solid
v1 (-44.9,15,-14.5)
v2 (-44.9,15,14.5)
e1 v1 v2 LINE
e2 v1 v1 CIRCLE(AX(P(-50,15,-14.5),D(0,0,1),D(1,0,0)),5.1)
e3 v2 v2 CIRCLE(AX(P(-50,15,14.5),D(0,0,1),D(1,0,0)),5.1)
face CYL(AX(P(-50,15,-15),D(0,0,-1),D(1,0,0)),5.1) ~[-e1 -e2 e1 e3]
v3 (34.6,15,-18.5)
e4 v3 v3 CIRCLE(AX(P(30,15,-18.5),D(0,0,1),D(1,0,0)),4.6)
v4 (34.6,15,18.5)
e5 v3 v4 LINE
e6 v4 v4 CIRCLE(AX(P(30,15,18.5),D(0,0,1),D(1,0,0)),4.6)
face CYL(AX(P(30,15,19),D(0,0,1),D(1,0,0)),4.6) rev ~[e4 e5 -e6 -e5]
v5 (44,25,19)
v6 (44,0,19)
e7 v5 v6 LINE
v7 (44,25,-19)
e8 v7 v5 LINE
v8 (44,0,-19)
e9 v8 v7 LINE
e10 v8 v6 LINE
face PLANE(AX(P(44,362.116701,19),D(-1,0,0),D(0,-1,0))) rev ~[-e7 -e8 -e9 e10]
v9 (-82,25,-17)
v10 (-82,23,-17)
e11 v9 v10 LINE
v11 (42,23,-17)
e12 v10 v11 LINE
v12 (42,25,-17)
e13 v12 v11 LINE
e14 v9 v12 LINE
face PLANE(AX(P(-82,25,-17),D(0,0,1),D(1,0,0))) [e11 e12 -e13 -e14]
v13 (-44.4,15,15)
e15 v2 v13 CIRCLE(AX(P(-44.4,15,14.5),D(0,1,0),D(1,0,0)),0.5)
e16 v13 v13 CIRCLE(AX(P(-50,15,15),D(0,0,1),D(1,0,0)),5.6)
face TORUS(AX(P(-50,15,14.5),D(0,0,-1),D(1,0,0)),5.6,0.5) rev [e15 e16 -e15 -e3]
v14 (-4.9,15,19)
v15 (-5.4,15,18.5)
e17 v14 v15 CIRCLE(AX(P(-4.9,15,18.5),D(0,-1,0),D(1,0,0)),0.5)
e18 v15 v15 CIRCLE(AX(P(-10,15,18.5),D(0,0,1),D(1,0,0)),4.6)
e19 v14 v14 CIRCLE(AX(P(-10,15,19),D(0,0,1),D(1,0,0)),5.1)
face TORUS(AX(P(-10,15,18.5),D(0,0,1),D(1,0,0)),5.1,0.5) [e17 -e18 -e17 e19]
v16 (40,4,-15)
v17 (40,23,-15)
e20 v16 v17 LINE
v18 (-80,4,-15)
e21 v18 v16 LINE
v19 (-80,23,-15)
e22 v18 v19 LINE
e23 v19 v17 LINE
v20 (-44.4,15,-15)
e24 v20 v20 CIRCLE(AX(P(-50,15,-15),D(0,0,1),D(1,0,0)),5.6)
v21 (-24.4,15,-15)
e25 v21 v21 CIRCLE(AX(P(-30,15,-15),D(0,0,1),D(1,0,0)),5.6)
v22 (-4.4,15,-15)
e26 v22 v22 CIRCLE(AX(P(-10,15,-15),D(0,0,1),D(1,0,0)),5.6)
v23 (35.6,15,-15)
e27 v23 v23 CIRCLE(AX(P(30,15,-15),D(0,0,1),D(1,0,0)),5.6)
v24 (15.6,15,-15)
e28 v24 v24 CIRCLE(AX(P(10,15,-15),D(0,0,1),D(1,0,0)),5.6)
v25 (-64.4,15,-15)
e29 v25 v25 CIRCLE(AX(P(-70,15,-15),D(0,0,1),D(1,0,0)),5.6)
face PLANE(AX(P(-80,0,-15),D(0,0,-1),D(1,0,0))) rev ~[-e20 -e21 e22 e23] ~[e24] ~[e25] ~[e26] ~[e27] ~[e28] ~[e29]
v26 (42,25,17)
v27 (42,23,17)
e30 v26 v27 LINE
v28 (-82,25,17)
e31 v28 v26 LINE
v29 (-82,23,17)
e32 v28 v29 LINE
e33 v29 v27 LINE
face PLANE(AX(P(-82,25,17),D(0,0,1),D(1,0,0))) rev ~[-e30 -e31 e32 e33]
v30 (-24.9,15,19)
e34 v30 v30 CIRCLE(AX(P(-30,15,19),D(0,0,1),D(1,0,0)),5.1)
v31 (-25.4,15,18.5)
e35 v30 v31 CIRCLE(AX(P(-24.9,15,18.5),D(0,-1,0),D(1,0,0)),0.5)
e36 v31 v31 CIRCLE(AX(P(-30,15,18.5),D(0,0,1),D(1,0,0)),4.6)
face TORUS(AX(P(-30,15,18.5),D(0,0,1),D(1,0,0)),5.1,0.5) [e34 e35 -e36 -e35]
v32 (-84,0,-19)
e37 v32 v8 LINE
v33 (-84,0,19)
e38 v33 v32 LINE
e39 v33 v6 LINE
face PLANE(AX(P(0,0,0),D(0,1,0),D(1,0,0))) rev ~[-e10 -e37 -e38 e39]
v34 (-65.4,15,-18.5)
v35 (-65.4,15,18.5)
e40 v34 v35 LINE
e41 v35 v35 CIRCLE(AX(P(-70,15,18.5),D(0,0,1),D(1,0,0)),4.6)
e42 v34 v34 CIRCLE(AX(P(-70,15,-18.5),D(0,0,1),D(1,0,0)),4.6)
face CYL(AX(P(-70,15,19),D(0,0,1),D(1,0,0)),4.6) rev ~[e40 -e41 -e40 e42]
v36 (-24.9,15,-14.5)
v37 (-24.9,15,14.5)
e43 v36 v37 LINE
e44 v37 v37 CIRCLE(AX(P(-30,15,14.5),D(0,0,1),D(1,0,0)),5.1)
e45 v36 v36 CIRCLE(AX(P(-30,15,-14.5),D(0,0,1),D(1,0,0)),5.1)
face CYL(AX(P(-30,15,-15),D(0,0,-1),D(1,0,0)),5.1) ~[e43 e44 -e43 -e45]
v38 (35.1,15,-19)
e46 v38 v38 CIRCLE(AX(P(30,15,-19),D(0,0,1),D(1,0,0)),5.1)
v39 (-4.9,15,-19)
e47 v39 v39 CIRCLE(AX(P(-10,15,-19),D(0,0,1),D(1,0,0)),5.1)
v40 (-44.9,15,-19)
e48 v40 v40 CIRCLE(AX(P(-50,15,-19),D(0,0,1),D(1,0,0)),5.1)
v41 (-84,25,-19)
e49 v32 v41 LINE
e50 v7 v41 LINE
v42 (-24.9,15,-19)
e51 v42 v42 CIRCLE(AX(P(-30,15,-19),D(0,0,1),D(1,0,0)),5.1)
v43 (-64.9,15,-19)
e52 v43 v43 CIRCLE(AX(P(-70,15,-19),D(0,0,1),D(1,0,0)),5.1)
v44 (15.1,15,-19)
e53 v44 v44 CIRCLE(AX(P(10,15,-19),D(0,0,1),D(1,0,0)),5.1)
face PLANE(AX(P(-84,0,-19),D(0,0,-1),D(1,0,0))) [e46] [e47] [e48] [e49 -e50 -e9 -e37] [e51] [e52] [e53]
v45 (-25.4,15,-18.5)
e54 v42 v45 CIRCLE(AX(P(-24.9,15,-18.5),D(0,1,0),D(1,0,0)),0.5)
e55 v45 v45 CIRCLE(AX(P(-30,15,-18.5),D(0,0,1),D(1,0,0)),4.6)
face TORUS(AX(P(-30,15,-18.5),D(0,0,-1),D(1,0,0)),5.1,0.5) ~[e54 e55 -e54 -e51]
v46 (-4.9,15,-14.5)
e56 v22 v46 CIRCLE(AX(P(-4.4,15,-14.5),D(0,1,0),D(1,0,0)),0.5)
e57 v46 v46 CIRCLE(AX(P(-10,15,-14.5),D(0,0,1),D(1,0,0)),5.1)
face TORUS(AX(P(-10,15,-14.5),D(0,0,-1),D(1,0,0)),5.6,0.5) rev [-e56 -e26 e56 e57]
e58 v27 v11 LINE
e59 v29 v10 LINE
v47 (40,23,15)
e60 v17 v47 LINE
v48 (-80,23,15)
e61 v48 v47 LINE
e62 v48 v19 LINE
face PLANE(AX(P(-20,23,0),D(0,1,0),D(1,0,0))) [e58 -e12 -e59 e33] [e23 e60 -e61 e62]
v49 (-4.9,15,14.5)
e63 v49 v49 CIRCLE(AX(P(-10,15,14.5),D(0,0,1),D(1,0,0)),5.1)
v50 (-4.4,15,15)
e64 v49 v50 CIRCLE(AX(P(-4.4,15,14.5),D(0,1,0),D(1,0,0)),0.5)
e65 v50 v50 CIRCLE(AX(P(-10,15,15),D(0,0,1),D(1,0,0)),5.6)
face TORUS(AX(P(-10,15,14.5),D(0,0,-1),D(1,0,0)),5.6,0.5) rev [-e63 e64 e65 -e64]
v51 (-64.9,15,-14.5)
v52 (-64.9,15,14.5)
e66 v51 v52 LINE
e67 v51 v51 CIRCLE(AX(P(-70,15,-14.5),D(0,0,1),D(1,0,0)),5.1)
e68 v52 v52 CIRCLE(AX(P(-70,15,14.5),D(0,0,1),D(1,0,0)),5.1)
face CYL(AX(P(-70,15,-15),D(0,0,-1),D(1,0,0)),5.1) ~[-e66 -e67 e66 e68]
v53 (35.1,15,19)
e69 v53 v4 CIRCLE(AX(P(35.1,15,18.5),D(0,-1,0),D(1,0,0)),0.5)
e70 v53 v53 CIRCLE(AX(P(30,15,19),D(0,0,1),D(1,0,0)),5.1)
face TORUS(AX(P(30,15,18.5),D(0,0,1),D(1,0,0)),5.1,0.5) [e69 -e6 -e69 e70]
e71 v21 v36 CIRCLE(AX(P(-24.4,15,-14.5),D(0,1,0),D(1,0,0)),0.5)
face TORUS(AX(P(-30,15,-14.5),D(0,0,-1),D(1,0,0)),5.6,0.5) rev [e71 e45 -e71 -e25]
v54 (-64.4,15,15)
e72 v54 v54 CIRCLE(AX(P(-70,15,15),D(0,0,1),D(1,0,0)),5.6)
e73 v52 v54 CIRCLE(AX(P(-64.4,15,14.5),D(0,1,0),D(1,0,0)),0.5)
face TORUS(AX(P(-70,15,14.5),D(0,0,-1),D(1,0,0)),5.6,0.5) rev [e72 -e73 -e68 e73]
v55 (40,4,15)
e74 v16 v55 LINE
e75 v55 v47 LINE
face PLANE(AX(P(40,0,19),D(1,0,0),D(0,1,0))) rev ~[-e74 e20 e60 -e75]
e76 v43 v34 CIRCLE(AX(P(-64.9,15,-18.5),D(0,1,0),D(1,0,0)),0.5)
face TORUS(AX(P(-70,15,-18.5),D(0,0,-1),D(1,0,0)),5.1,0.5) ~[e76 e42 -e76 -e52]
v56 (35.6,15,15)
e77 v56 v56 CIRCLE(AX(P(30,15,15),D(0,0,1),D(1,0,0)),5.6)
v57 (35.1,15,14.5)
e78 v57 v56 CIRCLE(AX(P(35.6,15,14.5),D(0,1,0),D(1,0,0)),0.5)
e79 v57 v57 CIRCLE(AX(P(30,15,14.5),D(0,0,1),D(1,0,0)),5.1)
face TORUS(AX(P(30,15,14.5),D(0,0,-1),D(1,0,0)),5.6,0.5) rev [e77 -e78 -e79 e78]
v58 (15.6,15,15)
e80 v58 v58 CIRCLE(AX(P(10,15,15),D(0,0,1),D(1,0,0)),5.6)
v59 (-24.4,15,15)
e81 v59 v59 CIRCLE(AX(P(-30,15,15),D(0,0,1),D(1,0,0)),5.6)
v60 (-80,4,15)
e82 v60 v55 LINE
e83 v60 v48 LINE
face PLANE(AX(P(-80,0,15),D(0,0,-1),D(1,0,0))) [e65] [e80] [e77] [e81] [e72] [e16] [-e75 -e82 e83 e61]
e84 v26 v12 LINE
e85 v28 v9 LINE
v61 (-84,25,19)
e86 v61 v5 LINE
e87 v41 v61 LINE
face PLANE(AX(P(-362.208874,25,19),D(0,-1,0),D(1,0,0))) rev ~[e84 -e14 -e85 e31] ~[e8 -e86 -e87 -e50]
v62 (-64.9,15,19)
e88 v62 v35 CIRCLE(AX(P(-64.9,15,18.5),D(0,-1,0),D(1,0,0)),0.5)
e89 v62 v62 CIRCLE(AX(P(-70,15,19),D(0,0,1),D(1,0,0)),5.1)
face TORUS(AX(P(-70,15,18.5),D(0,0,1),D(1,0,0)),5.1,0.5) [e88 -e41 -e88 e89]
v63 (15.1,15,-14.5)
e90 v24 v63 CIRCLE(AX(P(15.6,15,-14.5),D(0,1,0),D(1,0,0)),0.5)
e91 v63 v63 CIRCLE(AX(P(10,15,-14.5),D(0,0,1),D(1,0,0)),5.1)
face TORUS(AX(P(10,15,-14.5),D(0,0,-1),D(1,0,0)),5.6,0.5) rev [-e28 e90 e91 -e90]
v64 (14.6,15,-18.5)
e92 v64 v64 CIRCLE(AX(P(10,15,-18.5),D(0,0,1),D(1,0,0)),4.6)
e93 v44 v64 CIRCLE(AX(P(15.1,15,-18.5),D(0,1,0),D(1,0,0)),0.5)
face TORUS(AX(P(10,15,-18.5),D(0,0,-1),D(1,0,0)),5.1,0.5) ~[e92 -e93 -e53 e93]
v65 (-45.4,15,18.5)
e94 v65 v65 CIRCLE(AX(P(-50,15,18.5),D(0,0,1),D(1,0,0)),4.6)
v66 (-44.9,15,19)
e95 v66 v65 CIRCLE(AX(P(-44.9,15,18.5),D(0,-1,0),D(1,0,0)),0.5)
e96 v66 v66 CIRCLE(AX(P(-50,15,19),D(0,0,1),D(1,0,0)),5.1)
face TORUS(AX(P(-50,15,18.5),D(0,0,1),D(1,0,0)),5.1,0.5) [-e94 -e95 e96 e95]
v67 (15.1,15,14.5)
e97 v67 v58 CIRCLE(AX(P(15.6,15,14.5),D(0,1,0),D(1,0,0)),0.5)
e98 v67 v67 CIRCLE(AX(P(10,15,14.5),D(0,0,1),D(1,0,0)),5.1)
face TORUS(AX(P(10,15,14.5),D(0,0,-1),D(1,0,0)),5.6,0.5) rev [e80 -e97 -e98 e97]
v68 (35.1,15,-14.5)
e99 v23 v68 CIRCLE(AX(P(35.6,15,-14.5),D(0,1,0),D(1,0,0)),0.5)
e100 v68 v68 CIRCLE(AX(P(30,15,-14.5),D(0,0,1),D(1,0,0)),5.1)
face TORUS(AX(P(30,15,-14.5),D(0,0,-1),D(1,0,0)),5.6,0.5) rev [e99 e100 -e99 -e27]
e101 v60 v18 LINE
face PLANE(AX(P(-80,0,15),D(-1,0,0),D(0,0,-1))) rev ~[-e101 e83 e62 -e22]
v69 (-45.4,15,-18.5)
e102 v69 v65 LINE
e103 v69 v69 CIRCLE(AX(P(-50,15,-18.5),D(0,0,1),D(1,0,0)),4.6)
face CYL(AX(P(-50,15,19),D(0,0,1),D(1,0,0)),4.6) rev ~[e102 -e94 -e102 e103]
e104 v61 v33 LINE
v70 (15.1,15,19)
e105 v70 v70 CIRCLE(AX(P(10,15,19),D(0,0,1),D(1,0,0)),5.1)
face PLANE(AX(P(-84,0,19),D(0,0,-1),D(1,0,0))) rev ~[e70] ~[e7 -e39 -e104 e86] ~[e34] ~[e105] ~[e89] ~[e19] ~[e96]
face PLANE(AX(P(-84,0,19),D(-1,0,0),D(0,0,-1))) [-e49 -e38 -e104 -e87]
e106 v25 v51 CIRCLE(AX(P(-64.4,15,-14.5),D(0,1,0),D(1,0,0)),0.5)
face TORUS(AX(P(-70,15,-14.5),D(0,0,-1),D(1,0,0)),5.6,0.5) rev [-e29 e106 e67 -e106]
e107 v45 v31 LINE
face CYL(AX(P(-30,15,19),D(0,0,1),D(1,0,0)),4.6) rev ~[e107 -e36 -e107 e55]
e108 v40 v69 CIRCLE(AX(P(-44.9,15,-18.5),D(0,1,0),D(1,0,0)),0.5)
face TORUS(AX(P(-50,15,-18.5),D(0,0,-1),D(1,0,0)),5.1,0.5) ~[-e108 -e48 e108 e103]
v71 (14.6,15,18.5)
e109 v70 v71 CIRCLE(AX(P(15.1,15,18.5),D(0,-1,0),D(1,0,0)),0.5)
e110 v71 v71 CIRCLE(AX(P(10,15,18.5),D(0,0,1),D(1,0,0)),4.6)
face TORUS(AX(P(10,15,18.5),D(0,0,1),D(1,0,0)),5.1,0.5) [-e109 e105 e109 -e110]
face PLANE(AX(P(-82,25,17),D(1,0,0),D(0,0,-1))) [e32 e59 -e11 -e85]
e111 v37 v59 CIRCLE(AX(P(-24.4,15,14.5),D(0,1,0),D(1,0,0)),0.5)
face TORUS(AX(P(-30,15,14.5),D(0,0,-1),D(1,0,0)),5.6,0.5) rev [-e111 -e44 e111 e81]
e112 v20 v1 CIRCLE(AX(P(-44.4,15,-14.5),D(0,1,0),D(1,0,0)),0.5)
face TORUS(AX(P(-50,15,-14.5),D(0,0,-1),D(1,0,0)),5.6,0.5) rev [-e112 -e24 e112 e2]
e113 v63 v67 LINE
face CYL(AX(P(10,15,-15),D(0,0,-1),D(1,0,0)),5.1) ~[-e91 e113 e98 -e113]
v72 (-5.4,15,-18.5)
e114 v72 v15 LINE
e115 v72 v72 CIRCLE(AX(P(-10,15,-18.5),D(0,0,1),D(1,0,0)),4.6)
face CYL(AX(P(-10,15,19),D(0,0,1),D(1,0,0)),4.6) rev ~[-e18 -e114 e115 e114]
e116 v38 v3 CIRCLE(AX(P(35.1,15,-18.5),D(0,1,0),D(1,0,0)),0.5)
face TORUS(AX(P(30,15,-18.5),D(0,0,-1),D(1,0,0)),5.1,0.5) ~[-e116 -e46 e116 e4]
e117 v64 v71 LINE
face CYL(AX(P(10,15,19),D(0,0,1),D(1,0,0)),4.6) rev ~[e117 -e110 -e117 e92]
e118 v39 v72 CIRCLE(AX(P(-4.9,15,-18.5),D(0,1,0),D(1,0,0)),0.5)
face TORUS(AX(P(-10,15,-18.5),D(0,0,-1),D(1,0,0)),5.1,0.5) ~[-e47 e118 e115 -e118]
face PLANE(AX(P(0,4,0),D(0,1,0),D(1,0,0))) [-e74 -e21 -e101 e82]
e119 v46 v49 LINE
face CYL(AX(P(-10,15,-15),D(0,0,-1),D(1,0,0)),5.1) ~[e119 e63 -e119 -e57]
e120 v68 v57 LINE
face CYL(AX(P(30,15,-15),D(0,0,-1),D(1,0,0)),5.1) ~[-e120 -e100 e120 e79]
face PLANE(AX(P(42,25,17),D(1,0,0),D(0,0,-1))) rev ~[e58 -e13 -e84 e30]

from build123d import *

# Parameters (mm, degrees)
SKETCH1_W               = 160
SKETCH1_H               = 30
BOSS_EXTRUDE1_DEPTH     = 4
SKETCH2_W               = 168
SKETCH2_H               = 38
SKETCH2_W_2             = 160
SKETCH2_H_2             = 30
EXTRUDE_THIN1_DEPTH     = 65
SKETCH4_R               = 4.6
CUT_EXTRUDE1_DEPTH      = 38
EXTRUDE_THIN3_START     = -34
SKETCH5_R               = 5.1
SKETCH5_R_2             = 4.6
EXTRUDE_THIN3_DEPTH     = 30
LPATTERN1_COUNT         = 3
LPATTERN1_PITCH         = 20
BOSS_EXTRUDE2_REACH     = 40
SKETCH7_W               = 4
SKETCH7_H               = 65
CUT_EXTRUDE2_DEPTH      = 1
CUT_EXTRUDE2_DEPTH_BACK = 39
CUT_EXTRUDE3_DEPTH      = 1
CUT_EXTRUDE3_DEPTH_BACK = 39
SKETCH11_W              = 124
SKETCH11_H              = 34
CUT_EXTRUDE4_DEPTH      = 2
FILLET1_R               = 0.5


with BuildPart() as part:
    # Sketch1 → Boss-Extrude1 (new body)
    with BuildSketch(Plane(origin=(0, 0, 0), x_dir=(1, 0, 0), z_dir=(0, 1, 0))):
        Rectangle(SKETCH1_W, SKETCH1_H)
    extrude(amount=BOSS_EXTRUDE1_DEPTH)

    # Sketch2 → Extrude-Thin1 (add)
    with BuildSketch(Plane(origin=(0, 0, 0), x_dir=(1, 0, 0), z_dir=(0, 1, 0))):
        Rectangle(SKETCH2_W, SKETCH2_H)
        Rectangle(SKETCH2_W_2, SKETCH2_H_2, mode=Mode.SUBTRACT)
    extrude(amount=EXTRUDE_THIN1_DEPTH)

    # Sketch4 → Cut-Extrude1 (cut)
    with BuildSketch(Plane.XY.offset(19)):
        with Locations((-70, 55)):
            Circle(SKETCH4_R)
        with Locations((-50, 55)):
            Circle(SKETCH4_R)
        with Locations((-30, 55)):
            Circle(SKETCH4_R)
        with Locations((-10, 55)):
            Circle(SKETCH4_R)
        with Locations((10, 55)):
            Circle(SKETCH4_R)
        with Locations((30, 55)):
            Circle(SKETCH4_R)
        with Locations((50, 55)):
            Circle(SKETCH4_R)
        with Locations((70, 55)):
            Circle(SKETCH4_R)
    cut_extrude1 = extrude(amount=-CUT_EXTRUDE1_DEPTH, mode=Mode.SUBTRACT)

    # Sketch5 → Extrude-Thin3 (add)
    with BuildSketch(Plane.XY.offset(19).offset(EXTRUDE_THIN3_START)):
        with Locations((-30, 55)):
            Circle(SKETCH5_R)
        with Locations((-30, 55)):
            Circle(SKETCH5_R_2, mode=Mode.SUBTRACT)
        with Locations((-50, 55)):
            Circle(SKETCH5_R)
        with Locations((-50, 55)):
            Circle(SKETCH5_R_2, mode=Mode.SUBTRACT)
        with Locations((70, 55)):
            Circle(SKETCH5_R)
        with Locations((70, 55)):
            Circle(SKETCH5_R_2, mode=Mode.SUBTRACT)
        with Locations((50, 55)):
            Circle(SKETCH5_R)
        with Locations((50, 55)):
            Circle(SKETCH5_R_2, mode=Mode.SUBTRACT)
        with Locations((30, 55)):
            Circle(SKETCH5_R)
        with Locations((30, 55)):
            Circle(SKETCH5_R_2, mode=Mode.SUBTRACT)
        with Locations((10, 55)):
            Circle(SKETCH5_R)
        with Locations((10, 55)):
            Circle(SKETCH5_R_2, mode=Mode.SUBTRACT)
        with Locations((-10, 55)):
            Circle(SKETCH5_R)
        with Locations((-10, 55)):
            Circle(SKETCH5_R_2, mode=Mode.SUBTRACT)
        with Locations((-70, 55)):
            Circle(SKETCH5_R)
        with Locations((-70, 55)):
            Circle(SKETCH5_R_2, mode=Mode.SUBTRACT)
    extrude_thin3 = extrude(amount=EXTRUDE_THIN3_DEPTH)

    # LPattern1: Cut-Extrude1, Extrude-Thin3 ×3
    with Locations(*[(0, -i * LPATTERN1_PITCH, 0) for i in range(1, LPATTERN1_COUNT)]):
        add(cut_extrude1, mode=Mode.SUBTRACT)
        add(extrude_thin3)

    # Sketch7 → Boss-Extrude2 (add, up to next)
    with BuildSketch(Plane.XY.offset(19), mode=Mode.PRIVATE) as boss_extrude2_sk1:
        with Locations((42, 32.5)):
            Rectangle(SKETCH7_W, SKETCH7_H)
    boss_extrude2_tool1 = extrude(boss_extrude2_sk1.sketch, amount=-BOSS_EXTRUDE2_REACH, mode=Mode.PRIVATE) - part.part
    add(boss_extrude2_tool1.solids().sort_by_distance((42, 32.5, 19))[0])

    # Sketch9 → Cut-Extrude2 (cut, two sides)
    with BuildSketch(Plane.XY.offset(19)) as cut_extrude2_sk:
        Polygon((44, 362.116701012), (44, 65), (44, 0), (44, -297.116701012), (638.233402024, -297.116701012), (638.233402024, 362.116701012), align=None)
    extrude(amount=CUT_EXTRUDE2_DEPTH, mode=Mode.SUBTRACT)
    extrude(cut_extrude2_sk.sketch, amount=-CUT_EXTRUDE2_DEPTH_BACK, mode=Mode.SUBTRACT)

    # Sketch10 → Cut-Extrude3 (cut, two sides)
    with BuildSketch(Plane.XY.offset(19)) as cut_extrude3_sk:
        Polygon((-362.208873828, 25), (-84, 25), (44, 25), (322.208873828, 25), (322.208873828, 581.417747656), (-362.208873828, 581.417747656), align=None)
    extrude(amount=CUT_EXTRUDE3_DEPTH, mode=Mode.SUBTRACT)
    extrude(cut_extrude3_sk.sketch, amount=-CUT_EXTRUDE3_DEPTH_BACK, mode=Mode.SUBTRACT)

    # Sketch11 → Cut-Extrude4 (cut)
    with BuildSketch(Plane(origin=(0, 25, 0), x_dir=(1, 0, 0), z_dir=(0, 1, 0))):
        with Locations((-20, 0)):
            Rectangle(SKETCH11_W, SKETCH11_H)
    extrude(amount=-CUT_EXTRUDE4_DEPTH, mode=Mode.SUBTRACT)

    # Fillet1
    fillet1_edges = [part.edges().sort_by_distance(p)[0] for p in [
        (-54.6, 15, 19),
        (-54.6, 15, -19),
        (-34.6, 15, 19),
        (-34.6, 15, -19),
        (-74.6, 15, 19),
        (-74.6, 15, -19),
        (-14.6, 15, 19),
        (-14.6, 15, -19),
        (5.4, 15, 19),
        (5.4, 15, -19),
        (25.4, 15, 19),
        (25.4, 15, -19),
        (-35.1, 15, -15),
        (-35.1, 15, 15),
        (-55.1, 15, -15),
        (-55.1, 15, 15),
        (24.9, 15, -15),
        (24.9, 15, 15),
        (4.9, 15, -15),
        (4.9, 15, 15),
        (-15.1, 15, -15),
        (-15.1, 15, 15),
        (-75.1, 15, -15),
        (-75.1, 15, 15),
    ]]
    fillet(fillet1_edges, radius=FILLET1_R)


solid = part.part
